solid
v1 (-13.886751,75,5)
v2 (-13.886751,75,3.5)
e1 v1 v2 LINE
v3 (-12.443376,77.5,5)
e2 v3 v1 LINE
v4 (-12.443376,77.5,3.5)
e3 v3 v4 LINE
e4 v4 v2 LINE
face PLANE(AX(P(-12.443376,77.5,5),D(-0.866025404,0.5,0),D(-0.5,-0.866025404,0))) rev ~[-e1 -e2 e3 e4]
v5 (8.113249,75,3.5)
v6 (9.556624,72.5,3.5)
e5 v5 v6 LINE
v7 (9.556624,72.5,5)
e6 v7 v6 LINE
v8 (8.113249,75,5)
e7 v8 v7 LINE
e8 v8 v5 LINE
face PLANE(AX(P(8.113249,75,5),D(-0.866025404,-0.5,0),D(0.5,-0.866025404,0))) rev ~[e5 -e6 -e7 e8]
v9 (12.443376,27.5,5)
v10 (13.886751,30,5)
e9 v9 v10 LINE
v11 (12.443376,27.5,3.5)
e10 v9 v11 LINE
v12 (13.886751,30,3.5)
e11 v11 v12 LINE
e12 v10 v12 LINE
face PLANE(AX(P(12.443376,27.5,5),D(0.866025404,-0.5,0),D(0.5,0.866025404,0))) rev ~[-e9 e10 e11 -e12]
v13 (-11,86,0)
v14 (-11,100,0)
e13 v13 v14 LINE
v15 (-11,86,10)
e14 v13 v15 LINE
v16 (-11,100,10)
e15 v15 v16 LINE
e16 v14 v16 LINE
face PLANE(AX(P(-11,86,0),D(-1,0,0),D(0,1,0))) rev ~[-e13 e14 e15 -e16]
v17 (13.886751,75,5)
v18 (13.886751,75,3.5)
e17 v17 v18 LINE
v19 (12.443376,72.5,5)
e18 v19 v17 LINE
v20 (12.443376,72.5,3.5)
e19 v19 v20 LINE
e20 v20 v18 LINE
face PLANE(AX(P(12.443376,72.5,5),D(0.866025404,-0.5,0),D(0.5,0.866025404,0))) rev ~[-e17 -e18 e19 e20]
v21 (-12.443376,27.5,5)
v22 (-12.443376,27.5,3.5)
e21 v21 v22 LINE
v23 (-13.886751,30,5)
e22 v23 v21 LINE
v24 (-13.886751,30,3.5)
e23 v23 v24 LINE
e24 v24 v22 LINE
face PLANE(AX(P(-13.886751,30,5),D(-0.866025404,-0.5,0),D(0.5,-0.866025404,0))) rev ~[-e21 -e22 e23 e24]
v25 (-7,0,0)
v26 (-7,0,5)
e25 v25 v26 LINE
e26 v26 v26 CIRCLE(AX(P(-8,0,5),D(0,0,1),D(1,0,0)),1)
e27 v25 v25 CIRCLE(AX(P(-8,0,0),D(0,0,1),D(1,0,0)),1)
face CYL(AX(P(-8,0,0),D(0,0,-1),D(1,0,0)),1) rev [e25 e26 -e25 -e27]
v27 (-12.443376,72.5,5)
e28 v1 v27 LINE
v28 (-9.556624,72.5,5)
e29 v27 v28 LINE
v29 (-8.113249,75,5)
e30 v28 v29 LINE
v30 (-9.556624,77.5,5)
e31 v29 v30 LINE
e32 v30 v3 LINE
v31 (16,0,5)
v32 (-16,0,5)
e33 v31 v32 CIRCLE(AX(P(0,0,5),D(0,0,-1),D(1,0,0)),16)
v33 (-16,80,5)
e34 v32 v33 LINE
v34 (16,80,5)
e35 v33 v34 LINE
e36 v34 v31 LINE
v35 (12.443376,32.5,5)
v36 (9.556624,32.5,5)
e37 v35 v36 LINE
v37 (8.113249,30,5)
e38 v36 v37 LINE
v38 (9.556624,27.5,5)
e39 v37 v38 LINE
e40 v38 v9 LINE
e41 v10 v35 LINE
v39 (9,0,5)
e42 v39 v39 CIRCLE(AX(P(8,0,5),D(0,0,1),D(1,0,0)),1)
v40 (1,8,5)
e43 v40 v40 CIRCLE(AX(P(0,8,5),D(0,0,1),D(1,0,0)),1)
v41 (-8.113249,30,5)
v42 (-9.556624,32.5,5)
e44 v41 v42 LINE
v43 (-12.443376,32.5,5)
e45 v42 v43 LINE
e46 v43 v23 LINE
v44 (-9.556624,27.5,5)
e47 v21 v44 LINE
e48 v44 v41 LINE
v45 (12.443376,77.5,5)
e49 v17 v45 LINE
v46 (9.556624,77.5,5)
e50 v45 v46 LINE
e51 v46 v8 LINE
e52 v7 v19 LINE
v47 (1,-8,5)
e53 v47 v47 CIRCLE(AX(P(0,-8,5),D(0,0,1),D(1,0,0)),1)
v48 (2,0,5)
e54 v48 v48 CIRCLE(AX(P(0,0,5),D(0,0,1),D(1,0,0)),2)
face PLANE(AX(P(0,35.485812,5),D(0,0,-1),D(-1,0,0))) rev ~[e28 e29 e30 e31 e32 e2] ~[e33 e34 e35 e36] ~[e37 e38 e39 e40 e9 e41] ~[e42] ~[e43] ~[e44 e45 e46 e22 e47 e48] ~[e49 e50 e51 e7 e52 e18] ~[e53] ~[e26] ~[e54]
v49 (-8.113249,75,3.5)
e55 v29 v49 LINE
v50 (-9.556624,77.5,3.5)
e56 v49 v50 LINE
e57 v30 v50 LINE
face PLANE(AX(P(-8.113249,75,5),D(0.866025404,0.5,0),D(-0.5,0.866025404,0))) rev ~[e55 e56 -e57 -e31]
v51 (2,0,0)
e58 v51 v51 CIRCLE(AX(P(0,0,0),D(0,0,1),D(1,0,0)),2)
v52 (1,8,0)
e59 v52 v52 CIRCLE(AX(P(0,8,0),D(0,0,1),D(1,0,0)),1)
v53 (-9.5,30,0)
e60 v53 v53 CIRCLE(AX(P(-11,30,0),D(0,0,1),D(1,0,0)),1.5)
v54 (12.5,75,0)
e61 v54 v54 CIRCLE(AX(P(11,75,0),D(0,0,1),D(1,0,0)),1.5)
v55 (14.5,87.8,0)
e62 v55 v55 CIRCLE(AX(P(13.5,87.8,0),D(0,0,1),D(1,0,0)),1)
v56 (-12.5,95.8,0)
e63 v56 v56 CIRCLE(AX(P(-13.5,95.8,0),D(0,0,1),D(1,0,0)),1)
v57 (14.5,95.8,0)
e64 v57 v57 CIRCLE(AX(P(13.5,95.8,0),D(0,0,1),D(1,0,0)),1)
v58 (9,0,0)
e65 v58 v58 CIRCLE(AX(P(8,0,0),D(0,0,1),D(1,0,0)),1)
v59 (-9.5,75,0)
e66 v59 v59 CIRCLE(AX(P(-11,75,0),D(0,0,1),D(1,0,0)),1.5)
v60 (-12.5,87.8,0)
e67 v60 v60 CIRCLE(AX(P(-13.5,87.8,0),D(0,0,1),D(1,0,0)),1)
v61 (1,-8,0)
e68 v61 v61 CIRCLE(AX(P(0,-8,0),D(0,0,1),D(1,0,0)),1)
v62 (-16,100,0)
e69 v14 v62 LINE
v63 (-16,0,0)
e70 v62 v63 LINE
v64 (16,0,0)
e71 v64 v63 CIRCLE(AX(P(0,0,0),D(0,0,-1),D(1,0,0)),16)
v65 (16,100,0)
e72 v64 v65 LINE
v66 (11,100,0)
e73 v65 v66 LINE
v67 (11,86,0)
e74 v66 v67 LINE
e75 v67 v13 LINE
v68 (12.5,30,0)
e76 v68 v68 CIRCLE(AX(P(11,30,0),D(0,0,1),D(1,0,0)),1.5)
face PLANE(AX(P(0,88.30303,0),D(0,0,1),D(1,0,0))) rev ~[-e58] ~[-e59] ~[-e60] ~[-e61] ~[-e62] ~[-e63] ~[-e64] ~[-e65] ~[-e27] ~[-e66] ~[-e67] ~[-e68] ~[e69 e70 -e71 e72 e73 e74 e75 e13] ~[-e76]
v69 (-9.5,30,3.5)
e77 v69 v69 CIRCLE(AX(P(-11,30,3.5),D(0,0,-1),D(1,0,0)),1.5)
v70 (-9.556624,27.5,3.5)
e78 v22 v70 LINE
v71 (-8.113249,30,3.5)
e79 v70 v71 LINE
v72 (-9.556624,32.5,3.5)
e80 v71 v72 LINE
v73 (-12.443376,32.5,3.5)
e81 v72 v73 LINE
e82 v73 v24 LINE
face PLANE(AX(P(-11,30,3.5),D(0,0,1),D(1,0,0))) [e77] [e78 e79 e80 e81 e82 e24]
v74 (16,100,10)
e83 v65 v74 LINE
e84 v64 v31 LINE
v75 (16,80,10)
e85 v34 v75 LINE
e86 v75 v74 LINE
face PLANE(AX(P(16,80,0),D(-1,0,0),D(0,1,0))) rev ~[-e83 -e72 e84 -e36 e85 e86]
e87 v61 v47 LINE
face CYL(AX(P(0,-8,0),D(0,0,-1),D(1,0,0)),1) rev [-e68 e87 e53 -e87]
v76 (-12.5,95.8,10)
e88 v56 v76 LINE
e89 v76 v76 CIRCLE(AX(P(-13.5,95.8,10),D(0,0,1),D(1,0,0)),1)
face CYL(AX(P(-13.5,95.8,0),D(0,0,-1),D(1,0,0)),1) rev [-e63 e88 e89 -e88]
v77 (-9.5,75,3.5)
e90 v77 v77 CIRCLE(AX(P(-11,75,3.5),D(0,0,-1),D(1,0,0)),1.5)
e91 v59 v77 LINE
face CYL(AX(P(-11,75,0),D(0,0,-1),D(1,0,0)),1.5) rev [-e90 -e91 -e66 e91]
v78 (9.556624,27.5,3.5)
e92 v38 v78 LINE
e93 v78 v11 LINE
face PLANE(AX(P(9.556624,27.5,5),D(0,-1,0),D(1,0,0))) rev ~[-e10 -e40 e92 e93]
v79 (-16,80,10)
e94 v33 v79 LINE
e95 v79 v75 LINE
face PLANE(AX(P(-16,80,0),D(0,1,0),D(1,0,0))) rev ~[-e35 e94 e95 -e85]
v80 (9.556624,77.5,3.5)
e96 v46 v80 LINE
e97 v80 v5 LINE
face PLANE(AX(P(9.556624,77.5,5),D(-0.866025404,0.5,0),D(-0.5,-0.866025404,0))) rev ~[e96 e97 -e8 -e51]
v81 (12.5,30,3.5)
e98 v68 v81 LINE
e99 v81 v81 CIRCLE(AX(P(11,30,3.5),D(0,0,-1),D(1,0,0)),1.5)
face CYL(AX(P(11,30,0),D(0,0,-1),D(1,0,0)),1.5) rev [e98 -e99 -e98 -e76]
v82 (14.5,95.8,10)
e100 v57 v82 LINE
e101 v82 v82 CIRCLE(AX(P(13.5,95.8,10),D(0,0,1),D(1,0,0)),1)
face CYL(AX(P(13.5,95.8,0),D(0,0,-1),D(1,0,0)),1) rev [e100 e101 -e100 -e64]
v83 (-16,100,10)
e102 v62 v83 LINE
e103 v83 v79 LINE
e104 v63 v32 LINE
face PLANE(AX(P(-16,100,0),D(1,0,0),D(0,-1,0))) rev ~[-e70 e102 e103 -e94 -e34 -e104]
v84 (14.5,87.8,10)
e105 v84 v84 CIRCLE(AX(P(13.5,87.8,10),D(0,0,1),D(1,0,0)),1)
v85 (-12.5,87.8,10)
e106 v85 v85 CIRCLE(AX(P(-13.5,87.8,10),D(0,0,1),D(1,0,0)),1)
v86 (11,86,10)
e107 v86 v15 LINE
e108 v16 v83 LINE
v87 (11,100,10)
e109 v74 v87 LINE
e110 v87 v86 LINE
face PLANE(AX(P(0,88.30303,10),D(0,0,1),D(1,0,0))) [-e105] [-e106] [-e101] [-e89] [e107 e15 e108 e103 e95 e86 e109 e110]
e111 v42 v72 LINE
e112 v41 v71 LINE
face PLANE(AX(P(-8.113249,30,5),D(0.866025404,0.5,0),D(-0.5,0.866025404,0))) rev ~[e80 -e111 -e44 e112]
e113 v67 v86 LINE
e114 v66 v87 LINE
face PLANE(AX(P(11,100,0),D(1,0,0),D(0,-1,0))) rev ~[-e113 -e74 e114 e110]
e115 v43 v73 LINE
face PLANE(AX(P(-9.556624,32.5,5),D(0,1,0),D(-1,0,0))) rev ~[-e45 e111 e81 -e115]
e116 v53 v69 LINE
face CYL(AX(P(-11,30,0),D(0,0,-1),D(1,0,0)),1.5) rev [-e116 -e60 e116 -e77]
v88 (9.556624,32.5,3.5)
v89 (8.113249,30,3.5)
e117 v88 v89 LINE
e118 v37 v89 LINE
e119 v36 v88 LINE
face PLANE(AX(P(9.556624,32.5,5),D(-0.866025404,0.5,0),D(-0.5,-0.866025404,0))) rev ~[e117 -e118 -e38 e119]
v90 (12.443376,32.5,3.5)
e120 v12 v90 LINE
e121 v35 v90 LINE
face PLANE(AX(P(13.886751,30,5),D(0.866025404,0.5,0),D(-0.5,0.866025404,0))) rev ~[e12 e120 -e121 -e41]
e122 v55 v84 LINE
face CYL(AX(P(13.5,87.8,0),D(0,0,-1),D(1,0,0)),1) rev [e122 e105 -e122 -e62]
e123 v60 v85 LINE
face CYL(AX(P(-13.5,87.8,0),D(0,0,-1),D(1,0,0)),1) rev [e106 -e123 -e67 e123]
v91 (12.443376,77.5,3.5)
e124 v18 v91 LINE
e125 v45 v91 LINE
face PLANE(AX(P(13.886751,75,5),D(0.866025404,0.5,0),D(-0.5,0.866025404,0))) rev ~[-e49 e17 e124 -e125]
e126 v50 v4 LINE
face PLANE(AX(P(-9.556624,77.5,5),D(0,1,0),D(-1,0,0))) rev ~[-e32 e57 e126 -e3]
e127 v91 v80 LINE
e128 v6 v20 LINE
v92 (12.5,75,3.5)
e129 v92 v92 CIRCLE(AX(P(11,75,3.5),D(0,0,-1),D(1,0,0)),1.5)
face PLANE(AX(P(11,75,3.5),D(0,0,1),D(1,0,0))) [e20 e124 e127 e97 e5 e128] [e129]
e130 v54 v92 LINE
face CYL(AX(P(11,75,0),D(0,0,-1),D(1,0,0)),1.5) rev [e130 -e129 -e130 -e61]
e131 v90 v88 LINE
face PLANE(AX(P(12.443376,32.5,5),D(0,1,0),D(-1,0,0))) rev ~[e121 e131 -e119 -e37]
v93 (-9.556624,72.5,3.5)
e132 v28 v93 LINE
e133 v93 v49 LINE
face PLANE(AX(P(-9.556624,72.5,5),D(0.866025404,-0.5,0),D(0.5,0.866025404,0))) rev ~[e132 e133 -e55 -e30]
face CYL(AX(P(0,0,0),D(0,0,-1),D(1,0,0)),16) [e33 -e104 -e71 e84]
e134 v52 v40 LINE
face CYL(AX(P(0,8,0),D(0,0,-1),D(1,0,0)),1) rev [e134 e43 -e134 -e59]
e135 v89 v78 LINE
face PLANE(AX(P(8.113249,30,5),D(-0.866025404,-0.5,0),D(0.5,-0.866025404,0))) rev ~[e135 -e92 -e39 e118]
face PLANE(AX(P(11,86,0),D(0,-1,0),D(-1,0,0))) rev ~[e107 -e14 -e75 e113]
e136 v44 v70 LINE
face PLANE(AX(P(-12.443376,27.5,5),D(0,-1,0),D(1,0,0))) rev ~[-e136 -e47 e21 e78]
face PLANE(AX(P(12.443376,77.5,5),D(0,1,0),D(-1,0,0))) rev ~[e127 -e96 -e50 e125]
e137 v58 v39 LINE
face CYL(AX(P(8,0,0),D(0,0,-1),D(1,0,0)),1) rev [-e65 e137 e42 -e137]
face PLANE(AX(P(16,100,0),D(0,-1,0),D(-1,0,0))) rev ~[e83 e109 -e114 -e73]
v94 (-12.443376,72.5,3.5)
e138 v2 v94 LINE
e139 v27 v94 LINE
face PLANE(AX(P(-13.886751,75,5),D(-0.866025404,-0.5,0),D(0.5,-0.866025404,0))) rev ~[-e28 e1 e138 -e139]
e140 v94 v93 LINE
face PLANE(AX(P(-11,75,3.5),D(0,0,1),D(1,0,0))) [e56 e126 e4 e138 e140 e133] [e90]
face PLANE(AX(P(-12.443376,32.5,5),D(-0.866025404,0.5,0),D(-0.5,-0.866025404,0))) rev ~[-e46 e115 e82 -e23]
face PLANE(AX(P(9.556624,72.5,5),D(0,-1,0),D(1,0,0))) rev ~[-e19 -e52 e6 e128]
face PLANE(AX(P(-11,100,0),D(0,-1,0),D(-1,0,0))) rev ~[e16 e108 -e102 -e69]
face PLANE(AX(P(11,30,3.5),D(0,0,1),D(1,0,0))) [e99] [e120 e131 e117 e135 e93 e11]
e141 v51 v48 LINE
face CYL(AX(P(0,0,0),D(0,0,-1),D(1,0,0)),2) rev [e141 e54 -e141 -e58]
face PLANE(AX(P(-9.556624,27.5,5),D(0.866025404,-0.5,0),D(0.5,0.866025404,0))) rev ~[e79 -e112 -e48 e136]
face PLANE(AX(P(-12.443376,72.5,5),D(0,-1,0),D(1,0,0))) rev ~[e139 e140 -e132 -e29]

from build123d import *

# Parameters (mm, degrees)
SKETCH1_R           = 1
SKETCH1_R_2         = 2
SKETCH1_R_3         = 1.5
BOSS_EXTRUDE1_DEPTH = 5
SKETCH3_R           = 1
BOSS_EXTRUDE2_DEPTH = 10
CUT_EXTRUDE1_DEPTH  = 1.5


with BuildPart() as part:
    # Sketch1 → Boss-Extrude1 (new body)
    with BuildSketch(Plane.XY):
        with BuildLine():
            Line((-16, 0), (-16, 80))
            Line((-16, 80), (16, 80))
            Line((16, 80), (16, 0))
            ThreePointArc((16, 0), (0, -16), (-16, 0))
        make_face()
        with Locations((0, -8)):
            Circle(SKETCH1_R, mode=Mode.SUBTRACT)
        Circle(SKETCH1_R_2, mode=Mode.SUBTRACT)
        with Locations((-8, 0)):
            Circle(SKETCH1_R, mode=Mode.SUBTRACT)
        with Locations((0, 8)):
            Circle(SKETCH1_R, mode=Mode.SUBTRACT)
        with Locations((8, 0)):
            Circle(SKETCH1_R, mode=Mode.SUBTRACT)
        with Locations((11, 75)):
            Circle(SKETCH1_R_3, mode=Mode.SUBTRACT)
        with Locations((-11, 75)):
            Circle(SKETCH1_R_3, mode=Mode.SUBTRACT)
        with Locations((-11, 30)):
            Circle(SKETCH1_R_3, mode=Mode.SUBTRACT)
        with Locations((11, 30)):
            Circle(SKETCH1_R_3, mode=Mode.SUBTRACT)
    extrude(amount=BOSS_EXTRUDE1_DEPTH)

    # Sketch3 → Boss-Extrude2 (add)
    with BuildSketch(Plane.XY):
        Polygon((-16, 80), (16, 80), (16, 100), (11, 100), (11, 86), (-11, 86), (-11, 100), (-16, 100), align=None)
        with Locations((-13.5, 95.8)):
            Circle(SKETCH3_R, mode=Mode.SUBTRACT)
        with Locations((13.5, 95.8)):
            Circle(SKETCH3_R, mode=Mode.SUBTRACT)
        with Locations((13.5, 87.8)):
            Circle(SKETCH3_R, mode=Mode.SUBTRACT)
        with Locations((-13.5, 87.8)):
            Circle(SKETCH3_R, mode=Mode.SUBTRACT)
    extrude(amount=BOSS_EXTRUDE2_DEPTH)

    # Sketch5 → Cut-Extrude1 (cut)
    with BuildSketch(Plane.XY.offset(5)):
        Polygon((-8.113248654, 75), (-9.556624327, 77.5), (-12.443375673, 77.5), (-13.886751346, 75), (-12.443375673, 72.5), (-9.556624327, 72.5), align=None)
        Polygon((-8.113248654, 30), (-9.556624327, 32.5), (-12.443375673, 32.5), (-13.886751346, 30), (-12.443375673, 27.5), (-9.556624327, 27.5), align=None)
        Polygon((13.886751346, 30), (12.443375673, 32.5), (9.556624327, 32.5), (8.113248654, 30), (9.556624327, 27.5), (12.443375673, 27.5), align=None)
        Polygon((13.886751346, 75), (12.443375673, 77.5), (9.556624327, 77.5), (8.113248654, 75), (9.556624327, 72.5), (12.443375673, 72.5), align=None)
    extrude(amount=-CUT_EXTRUDE1_DEPTH, mode=Mode.SUBTRACT)


solid = part.part
